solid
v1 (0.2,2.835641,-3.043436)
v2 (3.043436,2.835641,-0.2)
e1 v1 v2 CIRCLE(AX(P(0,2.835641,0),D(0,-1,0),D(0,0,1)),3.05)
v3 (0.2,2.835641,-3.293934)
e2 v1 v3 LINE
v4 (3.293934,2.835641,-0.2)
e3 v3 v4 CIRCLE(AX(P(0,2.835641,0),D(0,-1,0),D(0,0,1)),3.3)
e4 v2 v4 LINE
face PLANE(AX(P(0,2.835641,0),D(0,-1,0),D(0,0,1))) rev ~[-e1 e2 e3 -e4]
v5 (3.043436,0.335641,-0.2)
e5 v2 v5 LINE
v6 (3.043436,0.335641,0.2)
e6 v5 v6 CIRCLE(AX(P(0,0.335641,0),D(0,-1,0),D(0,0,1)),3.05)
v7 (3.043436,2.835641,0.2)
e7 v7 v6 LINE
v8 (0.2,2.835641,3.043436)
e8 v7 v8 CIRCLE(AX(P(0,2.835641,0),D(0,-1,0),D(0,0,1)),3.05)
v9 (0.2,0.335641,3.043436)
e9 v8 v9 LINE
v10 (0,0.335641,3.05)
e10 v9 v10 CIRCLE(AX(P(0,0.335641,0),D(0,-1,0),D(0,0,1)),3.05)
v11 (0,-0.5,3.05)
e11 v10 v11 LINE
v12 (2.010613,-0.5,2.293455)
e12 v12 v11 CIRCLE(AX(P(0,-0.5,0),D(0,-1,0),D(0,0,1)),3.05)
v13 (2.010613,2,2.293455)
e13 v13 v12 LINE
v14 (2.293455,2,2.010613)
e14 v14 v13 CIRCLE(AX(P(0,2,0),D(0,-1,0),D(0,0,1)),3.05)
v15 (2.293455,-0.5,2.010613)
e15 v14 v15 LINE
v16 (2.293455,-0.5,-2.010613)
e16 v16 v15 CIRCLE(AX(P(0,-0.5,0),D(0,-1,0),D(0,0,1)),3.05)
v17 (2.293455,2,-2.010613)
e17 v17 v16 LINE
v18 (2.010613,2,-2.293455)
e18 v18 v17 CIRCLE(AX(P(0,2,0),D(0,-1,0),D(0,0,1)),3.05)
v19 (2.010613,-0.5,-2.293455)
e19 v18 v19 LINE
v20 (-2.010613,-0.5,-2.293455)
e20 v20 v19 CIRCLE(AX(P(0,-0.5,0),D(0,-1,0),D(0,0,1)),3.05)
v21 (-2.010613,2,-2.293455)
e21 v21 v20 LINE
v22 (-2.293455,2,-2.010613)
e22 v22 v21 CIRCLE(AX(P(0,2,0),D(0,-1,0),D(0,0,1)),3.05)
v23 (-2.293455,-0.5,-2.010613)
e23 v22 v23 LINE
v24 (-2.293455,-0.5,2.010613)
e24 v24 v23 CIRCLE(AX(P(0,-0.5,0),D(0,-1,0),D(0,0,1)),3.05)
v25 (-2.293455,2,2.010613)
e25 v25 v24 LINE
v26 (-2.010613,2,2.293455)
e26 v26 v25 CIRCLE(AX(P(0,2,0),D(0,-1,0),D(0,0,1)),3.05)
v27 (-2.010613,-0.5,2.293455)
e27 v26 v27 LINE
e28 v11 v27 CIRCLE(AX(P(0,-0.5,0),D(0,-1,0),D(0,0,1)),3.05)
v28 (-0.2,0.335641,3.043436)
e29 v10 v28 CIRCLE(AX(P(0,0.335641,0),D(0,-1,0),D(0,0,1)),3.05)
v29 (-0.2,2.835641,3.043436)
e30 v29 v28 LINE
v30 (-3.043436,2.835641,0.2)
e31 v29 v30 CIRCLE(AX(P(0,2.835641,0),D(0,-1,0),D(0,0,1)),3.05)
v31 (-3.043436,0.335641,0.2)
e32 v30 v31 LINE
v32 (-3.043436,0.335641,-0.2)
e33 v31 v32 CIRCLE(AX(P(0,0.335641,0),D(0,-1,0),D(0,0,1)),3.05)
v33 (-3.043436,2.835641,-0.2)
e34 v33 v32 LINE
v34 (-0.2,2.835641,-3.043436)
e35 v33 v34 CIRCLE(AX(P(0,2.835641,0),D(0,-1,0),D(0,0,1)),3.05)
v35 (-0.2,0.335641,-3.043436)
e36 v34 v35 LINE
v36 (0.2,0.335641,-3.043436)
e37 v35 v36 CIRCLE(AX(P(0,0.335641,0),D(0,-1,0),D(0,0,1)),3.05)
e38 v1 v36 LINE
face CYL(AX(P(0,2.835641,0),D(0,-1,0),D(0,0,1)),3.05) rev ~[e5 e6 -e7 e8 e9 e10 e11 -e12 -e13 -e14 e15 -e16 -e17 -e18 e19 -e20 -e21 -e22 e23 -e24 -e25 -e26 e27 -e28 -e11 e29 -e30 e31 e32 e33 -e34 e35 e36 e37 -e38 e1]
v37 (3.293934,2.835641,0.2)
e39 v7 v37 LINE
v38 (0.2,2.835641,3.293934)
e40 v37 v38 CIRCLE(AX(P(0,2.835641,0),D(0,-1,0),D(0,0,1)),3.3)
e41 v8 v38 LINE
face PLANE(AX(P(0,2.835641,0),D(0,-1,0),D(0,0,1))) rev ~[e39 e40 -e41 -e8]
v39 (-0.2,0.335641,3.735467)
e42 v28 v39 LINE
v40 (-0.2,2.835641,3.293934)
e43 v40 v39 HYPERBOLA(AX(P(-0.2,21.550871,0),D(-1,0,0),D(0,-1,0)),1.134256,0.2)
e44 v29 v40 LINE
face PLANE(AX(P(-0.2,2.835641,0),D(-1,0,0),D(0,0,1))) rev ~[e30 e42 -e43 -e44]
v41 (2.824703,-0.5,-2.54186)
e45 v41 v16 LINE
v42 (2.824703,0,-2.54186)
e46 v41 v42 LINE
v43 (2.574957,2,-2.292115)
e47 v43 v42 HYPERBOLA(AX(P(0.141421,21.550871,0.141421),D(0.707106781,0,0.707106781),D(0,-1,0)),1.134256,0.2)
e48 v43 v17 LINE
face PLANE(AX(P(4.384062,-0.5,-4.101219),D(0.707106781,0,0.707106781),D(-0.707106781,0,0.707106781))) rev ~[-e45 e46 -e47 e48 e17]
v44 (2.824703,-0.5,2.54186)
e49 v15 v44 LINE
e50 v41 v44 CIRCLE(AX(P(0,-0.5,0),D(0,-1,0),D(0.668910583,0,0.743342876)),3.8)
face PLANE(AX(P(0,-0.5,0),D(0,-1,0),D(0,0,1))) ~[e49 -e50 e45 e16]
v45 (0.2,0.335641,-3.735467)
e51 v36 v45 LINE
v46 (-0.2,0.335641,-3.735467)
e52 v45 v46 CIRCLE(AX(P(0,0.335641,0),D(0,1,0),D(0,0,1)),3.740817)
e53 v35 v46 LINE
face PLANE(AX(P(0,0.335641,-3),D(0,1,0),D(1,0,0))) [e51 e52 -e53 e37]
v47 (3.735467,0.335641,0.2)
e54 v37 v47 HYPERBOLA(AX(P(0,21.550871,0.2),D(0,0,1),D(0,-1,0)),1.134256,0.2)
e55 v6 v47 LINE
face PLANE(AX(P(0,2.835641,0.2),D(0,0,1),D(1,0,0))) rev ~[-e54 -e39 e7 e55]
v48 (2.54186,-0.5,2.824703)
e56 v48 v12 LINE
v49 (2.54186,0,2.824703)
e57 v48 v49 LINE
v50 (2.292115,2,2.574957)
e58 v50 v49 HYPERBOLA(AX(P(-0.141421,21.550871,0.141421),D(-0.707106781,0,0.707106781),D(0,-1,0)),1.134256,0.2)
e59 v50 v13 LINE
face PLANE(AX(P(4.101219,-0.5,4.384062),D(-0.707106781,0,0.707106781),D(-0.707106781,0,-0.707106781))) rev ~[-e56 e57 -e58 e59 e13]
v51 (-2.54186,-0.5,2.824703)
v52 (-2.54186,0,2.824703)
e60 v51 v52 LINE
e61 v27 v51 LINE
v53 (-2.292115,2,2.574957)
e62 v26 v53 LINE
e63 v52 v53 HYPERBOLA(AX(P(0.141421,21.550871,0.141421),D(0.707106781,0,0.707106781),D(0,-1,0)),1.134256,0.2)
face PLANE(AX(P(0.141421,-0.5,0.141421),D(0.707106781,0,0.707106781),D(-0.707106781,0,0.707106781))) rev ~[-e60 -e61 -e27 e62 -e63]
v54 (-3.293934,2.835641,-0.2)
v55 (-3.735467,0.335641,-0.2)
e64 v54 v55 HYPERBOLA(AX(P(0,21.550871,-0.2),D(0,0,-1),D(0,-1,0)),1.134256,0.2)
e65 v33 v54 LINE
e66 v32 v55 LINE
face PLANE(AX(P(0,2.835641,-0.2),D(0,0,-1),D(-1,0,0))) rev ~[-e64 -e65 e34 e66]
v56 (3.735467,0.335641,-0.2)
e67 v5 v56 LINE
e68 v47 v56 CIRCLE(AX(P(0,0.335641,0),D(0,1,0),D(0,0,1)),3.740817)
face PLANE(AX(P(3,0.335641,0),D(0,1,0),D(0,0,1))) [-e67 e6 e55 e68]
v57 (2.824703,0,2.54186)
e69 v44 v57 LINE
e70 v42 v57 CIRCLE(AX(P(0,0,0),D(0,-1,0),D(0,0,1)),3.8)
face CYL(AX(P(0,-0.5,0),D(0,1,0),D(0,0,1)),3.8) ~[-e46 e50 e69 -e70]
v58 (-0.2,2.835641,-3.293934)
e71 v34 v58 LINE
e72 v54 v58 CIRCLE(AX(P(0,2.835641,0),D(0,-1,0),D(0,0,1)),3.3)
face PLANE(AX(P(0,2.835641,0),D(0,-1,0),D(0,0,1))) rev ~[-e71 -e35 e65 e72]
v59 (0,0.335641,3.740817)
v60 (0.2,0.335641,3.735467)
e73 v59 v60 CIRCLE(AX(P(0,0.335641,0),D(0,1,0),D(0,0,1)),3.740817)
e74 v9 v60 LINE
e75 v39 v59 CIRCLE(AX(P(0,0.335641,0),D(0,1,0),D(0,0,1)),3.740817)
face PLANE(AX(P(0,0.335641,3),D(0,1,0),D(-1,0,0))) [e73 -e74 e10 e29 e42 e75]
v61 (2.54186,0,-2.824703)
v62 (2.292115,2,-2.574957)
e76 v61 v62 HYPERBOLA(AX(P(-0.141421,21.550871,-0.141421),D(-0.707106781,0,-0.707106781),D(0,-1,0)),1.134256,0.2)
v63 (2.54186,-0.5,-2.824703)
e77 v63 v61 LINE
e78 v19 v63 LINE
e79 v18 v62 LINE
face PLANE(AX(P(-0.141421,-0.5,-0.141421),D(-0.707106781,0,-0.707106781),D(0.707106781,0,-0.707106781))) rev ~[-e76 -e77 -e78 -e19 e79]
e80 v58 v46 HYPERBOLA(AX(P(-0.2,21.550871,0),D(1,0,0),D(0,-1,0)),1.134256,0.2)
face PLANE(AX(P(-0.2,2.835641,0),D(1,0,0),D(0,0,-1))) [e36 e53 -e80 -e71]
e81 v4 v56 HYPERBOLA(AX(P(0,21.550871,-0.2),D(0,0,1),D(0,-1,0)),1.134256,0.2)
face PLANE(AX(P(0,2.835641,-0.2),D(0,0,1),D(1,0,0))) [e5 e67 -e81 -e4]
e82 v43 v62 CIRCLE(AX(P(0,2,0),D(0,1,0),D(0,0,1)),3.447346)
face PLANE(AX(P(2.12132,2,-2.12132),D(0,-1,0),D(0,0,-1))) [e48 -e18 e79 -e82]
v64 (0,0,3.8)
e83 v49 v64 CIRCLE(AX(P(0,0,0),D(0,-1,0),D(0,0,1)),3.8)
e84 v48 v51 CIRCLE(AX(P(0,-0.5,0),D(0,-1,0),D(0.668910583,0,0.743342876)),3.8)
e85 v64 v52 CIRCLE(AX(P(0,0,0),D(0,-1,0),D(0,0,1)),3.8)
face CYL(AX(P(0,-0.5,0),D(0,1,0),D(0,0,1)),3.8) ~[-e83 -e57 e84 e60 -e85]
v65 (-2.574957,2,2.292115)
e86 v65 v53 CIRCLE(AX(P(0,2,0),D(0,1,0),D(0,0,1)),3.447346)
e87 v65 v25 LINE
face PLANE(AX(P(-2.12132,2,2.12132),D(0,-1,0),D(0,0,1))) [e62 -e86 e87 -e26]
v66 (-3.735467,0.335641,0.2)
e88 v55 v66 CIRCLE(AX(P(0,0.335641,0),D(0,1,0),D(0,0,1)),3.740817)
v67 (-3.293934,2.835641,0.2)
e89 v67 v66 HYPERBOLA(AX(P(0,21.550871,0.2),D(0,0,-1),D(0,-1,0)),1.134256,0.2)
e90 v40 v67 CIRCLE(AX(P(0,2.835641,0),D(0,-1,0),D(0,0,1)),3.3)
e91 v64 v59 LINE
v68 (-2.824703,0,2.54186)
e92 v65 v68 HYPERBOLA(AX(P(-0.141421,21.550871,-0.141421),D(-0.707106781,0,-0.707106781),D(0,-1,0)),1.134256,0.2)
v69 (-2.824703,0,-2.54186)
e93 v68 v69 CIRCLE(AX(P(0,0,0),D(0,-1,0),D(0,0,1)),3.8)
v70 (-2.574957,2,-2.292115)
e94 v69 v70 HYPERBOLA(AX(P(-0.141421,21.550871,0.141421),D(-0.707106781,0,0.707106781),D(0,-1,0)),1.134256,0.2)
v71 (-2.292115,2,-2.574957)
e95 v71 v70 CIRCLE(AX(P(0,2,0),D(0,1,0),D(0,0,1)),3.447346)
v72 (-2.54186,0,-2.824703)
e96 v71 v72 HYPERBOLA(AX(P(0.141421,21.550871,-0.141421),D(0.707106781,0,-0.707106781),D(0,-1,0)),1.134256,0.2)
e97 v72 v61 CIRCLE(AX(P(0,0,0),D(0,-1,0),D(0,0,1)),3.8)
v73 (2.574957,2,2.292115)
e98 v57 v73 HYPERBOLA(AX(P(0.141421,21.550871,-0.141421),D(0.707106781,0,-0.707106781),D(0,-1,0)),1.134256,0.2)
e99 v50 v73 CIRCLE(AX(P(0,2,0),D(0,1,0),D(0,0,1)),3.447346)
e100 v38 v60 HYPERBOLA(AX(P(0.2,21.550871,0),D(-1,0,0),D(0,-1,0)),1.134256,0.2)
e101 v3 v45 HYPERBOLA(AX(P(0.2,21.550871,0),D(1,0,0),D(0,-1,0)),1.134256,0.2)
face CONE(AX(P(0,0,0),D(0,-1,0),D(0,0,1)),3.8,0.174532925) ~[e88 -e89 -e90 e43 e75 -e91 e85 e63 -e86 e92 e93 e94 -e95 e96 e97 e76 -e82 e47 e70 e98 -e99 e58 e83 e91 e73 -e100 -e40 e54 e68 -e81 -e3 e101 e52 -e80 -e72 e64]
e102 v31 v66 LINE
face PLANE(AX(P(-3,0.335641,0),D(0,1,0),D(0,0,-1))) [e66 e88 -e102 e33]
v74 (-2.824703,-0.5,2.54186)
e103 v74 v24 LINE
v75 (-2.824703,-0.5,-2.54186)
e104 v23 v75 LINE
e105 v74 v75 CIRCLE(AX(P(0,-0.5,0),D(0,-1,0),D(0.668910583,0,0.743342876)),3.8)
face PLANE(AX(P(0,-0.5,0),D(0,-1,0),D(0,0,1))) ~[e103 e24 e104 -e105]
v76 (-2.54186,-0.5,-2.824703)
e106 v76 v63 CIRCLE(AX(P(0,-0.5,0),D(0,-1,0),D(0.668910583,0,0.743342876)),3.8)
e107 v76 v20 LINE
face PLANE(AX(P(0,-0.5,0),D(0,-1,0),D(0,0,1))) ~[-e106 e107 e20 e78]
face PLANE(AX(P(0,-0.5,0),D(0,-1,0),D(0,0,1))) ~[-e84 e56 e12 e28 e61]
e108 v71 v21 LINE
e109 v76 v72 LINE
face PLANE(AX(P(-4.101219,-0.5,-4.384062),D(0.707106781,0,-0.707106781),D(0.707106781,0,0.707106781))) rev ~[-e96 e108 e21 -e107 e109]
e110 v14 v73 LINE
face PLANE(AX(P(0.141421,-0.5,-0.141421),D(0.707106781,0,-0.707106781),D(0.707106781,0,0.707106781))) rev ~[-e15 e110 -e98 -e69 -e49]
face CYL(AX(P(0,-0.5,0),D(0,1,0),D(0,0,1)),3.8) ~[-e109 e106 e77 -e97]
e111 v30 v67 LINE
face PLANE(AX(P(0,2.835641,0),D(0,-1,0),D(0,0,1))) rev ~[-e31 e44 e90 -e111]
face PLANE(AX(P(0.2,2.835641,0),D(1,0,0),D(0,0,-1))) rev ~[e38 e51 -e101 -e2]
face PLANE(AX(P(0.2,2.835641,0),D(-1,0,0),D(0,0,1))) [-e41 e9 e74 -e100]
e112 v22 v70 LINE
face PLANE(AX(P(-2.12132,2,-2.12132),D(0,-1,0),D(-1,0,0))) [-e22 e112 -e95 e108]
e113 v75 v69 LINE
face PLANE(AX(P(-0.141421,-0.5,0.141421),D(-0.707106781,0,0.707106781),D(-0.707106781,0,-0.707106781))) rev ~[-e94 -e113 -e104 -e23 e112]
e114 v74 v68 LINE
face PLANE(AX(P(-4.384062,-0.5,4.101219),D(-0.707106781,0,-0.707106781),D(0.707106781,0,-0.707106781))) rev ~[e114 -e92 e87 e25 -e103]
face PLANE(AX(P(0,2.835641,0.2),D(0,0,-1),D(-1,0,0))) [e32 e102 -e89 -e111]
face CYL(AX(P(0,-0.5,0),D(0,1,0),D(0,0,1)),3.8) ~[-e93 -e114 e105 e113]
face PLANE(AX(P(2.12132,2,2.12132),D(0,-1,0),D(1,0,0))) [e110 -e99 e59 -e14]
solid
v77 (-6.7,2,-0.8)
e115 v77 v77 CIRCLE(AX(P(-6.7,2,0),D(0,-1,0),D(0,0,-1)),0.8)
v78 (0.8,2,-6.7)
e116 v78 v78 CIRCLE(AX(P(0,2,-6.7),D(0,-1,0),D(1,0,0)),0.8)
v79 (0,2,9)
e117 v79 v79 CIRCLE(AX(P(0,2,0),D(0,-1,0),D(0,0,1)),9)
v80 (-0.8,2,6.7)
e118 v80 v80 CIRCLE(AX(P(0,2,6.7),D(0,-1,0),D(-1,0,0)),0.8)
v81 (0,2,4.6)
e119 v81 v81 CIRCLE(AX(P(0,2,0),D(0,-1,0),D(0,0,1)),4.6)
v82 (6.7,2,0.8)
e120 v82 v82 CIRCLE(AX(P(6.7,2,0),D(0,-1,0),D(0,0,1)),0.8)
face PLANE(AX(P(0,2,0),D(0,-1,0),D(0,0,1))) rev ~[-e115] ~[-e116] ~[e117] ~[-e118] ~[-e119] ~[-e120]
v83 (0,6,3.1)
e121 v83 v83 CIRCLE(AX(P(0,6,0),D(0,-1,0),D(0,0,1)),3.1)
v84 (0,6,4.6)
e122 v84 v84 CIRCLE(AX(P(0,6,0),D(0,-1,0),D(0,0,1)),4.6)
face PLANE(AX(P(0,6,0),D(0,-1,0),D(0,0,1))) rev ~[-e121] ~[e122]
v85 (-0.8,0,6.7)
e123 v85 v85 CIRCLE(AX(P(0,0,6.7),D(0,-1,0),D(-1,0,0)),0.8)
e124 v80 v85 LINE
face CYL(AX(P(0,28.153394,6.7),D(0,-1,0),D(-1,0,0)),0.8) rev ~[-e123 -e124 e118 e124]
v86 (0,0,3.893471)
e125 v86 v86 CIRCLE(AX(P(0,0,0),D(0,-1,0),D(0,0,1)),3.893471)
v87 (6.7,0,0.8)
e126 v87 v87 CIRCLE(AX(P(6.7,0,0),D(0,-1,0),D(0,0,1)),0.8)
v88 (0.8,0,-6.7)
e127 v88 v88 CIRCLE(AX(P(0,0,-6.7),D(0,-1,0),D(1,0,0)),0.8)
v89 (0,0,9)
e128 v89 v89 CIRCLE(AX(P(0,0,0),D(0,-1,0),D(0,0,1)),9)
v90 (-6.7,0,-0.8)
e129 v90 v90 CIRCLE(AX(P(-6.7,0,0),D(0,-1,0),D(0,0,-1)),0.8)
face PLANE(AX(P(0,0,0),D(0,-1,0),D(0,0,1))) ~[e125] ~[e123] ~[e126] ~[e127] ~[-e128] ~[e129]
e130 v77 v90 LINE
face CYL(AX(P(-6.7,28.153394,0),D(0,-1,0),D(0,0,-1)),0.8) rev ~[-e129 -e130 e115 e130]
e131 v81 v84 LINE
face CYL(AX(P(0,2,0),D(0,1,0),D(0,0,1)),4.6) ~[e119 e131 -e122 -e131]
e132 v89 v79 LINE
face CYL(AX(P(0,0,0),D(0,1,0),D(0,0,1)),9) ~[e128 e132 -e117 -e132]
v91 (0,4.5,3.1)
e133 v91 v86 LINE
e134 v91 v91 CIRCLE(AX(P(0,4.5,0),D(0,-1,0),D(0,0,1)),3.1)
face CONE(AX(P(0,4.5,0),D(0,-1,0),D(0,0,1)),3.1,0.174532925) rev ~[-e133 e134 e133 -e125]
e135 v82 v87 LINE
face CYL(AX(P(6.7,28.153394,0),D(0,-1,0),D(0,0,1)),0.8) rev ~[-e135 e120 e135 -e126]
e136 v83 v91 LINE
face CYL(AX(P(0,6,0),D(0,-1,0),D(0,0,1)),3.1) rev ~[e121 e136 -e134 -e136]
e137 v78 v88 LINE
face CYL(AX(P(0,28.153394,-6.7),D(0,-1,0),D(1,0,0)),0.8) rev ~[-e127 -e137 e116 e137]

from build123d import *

# Parameters (mm, degrees)
M2X0_4_TAPPED_HOLE1_D   = 1.6
CIRPATTERN1_COUNT       = 4
SKETCH7_W               = 0.4
SKETCH7_H               = 6
CUT_EXTRUDE_THIN1_DEPTH = 2.5
CUT_EXTRUDE_THIN2_DEPTH = 2.5
CIRPATTERN2_COUNT       = 4


with BuildPart() as part:
    # Sketch2 → Revolve1 (revolve)
    with BuildSketch(Plane(origin=(0, 0, 0), x_dir=(0, 0, -1), z_dir=(1, 0, 0))):
        Polygon((-3.1, 6), (-3.1, 4.5), (-3.893471413, 0), (-9, 0), (-9, 2), (-4.6, 2), (-4.6, 6), align=None)
    revolve(axis=Axis((0, 8.4, 0), (0, -1, 0)))

    # M2x0.4 Tapped Hole1 (through all)
    with Locations(Plane(origin=(0, 2, 0), x_dir=(1, 0, 0), z_dir=(0, 1, 0))):
        with Locations((0, -6.7)):
            m2x0_4_tapped_hole1 = Hole(M2X0_4_TAPPED_HOLE1_D / 2)

    # CirPattern1: M2x0.4 Tapped Hole1 ×4 about axis
    cirpattern1_axis = Axis((0, 0, 0), (0, 1, 0))
    for i in range(1, CIRPATTERN1_COUNT):
        add(m2x0_4_tapped_hole1.rotate(cirpattern1_axis, i * 360 / CIRPATTERN1_COUNT), mode=Mode.SUBTRACT)


with BuildPart() as body_2:
    # Sketch6 → Revolve2 (revolve)
    with BuildSketch(Plane.XY, mode=Mode.PRIVATE) as revolve2_sk:
        Polygon((3.05, 2.83564091), (3.05, -0.5), (3.8, -0.5), (3.8, 0), (3.3, 2.83564091), align=None)
    revolve(revolve2_sk.sketch.rotate(Axis((0, 8.4, 0), (0, -1, 0)), 90), axis=Axis((0, 8.4, 0), (0, -1, 0)))

    # Sketch7 → Cut-Extrude-Thin1 (cut)
    with BuildSketch(Plane(origin=(0, 2.83564091, 0), x_dir=(1, 0, 0), z_dir=(0, 1, 0))):
        with Locations((0, 3)):
            Rectangle(SKETCH7_W, SKETCH7_H)
    cut_extrude_thin1 = extrude(amount=-CUT_EXTRUDE_THIN1_DEPTH, mode=Mode.SUBTRACT)

    # Sketch8 → Cut-Extrude-Thin2 (cut)
    with BuildSketch(Plane.XZ.offset(0.5)):
        Polygon((0.141421356, -0.141421356), (4.384062043, 4.101219331), (4.101219331, 4.384062043), (-0.141421356, 0.141421356), align=None)
    cut_extrude_thin2 = extrude(amount=-CUT_EXTRUDE_THIN2_DEPTH, mode=Mode.SUBTRACT)

    # CirPattern2: Cut-Extrude-Thin1, Cut-Extrude-Thin2 ×4 about axis
    cirpattern2_axis = Axis((0, 0, 0), (0, 1, 0))
    add([cut_extrude_thin1.rotate(cirpattern2_axis, i * 360 / CIRPATTERN2_COUNT) for i in range(1, CIRPATTERN2_COUNT)], mode=Mode.SUBTRACT)
    add([cut_extrude_thin2.rotate(cirpattern2_axis, i * 360 / CIRPATTERN2_COUNT) for i in range(1, CIRPATTERN2_COUNT)], mode=Mode.SUBTRACT)


solid = Compound([part.part, body_2.part])
